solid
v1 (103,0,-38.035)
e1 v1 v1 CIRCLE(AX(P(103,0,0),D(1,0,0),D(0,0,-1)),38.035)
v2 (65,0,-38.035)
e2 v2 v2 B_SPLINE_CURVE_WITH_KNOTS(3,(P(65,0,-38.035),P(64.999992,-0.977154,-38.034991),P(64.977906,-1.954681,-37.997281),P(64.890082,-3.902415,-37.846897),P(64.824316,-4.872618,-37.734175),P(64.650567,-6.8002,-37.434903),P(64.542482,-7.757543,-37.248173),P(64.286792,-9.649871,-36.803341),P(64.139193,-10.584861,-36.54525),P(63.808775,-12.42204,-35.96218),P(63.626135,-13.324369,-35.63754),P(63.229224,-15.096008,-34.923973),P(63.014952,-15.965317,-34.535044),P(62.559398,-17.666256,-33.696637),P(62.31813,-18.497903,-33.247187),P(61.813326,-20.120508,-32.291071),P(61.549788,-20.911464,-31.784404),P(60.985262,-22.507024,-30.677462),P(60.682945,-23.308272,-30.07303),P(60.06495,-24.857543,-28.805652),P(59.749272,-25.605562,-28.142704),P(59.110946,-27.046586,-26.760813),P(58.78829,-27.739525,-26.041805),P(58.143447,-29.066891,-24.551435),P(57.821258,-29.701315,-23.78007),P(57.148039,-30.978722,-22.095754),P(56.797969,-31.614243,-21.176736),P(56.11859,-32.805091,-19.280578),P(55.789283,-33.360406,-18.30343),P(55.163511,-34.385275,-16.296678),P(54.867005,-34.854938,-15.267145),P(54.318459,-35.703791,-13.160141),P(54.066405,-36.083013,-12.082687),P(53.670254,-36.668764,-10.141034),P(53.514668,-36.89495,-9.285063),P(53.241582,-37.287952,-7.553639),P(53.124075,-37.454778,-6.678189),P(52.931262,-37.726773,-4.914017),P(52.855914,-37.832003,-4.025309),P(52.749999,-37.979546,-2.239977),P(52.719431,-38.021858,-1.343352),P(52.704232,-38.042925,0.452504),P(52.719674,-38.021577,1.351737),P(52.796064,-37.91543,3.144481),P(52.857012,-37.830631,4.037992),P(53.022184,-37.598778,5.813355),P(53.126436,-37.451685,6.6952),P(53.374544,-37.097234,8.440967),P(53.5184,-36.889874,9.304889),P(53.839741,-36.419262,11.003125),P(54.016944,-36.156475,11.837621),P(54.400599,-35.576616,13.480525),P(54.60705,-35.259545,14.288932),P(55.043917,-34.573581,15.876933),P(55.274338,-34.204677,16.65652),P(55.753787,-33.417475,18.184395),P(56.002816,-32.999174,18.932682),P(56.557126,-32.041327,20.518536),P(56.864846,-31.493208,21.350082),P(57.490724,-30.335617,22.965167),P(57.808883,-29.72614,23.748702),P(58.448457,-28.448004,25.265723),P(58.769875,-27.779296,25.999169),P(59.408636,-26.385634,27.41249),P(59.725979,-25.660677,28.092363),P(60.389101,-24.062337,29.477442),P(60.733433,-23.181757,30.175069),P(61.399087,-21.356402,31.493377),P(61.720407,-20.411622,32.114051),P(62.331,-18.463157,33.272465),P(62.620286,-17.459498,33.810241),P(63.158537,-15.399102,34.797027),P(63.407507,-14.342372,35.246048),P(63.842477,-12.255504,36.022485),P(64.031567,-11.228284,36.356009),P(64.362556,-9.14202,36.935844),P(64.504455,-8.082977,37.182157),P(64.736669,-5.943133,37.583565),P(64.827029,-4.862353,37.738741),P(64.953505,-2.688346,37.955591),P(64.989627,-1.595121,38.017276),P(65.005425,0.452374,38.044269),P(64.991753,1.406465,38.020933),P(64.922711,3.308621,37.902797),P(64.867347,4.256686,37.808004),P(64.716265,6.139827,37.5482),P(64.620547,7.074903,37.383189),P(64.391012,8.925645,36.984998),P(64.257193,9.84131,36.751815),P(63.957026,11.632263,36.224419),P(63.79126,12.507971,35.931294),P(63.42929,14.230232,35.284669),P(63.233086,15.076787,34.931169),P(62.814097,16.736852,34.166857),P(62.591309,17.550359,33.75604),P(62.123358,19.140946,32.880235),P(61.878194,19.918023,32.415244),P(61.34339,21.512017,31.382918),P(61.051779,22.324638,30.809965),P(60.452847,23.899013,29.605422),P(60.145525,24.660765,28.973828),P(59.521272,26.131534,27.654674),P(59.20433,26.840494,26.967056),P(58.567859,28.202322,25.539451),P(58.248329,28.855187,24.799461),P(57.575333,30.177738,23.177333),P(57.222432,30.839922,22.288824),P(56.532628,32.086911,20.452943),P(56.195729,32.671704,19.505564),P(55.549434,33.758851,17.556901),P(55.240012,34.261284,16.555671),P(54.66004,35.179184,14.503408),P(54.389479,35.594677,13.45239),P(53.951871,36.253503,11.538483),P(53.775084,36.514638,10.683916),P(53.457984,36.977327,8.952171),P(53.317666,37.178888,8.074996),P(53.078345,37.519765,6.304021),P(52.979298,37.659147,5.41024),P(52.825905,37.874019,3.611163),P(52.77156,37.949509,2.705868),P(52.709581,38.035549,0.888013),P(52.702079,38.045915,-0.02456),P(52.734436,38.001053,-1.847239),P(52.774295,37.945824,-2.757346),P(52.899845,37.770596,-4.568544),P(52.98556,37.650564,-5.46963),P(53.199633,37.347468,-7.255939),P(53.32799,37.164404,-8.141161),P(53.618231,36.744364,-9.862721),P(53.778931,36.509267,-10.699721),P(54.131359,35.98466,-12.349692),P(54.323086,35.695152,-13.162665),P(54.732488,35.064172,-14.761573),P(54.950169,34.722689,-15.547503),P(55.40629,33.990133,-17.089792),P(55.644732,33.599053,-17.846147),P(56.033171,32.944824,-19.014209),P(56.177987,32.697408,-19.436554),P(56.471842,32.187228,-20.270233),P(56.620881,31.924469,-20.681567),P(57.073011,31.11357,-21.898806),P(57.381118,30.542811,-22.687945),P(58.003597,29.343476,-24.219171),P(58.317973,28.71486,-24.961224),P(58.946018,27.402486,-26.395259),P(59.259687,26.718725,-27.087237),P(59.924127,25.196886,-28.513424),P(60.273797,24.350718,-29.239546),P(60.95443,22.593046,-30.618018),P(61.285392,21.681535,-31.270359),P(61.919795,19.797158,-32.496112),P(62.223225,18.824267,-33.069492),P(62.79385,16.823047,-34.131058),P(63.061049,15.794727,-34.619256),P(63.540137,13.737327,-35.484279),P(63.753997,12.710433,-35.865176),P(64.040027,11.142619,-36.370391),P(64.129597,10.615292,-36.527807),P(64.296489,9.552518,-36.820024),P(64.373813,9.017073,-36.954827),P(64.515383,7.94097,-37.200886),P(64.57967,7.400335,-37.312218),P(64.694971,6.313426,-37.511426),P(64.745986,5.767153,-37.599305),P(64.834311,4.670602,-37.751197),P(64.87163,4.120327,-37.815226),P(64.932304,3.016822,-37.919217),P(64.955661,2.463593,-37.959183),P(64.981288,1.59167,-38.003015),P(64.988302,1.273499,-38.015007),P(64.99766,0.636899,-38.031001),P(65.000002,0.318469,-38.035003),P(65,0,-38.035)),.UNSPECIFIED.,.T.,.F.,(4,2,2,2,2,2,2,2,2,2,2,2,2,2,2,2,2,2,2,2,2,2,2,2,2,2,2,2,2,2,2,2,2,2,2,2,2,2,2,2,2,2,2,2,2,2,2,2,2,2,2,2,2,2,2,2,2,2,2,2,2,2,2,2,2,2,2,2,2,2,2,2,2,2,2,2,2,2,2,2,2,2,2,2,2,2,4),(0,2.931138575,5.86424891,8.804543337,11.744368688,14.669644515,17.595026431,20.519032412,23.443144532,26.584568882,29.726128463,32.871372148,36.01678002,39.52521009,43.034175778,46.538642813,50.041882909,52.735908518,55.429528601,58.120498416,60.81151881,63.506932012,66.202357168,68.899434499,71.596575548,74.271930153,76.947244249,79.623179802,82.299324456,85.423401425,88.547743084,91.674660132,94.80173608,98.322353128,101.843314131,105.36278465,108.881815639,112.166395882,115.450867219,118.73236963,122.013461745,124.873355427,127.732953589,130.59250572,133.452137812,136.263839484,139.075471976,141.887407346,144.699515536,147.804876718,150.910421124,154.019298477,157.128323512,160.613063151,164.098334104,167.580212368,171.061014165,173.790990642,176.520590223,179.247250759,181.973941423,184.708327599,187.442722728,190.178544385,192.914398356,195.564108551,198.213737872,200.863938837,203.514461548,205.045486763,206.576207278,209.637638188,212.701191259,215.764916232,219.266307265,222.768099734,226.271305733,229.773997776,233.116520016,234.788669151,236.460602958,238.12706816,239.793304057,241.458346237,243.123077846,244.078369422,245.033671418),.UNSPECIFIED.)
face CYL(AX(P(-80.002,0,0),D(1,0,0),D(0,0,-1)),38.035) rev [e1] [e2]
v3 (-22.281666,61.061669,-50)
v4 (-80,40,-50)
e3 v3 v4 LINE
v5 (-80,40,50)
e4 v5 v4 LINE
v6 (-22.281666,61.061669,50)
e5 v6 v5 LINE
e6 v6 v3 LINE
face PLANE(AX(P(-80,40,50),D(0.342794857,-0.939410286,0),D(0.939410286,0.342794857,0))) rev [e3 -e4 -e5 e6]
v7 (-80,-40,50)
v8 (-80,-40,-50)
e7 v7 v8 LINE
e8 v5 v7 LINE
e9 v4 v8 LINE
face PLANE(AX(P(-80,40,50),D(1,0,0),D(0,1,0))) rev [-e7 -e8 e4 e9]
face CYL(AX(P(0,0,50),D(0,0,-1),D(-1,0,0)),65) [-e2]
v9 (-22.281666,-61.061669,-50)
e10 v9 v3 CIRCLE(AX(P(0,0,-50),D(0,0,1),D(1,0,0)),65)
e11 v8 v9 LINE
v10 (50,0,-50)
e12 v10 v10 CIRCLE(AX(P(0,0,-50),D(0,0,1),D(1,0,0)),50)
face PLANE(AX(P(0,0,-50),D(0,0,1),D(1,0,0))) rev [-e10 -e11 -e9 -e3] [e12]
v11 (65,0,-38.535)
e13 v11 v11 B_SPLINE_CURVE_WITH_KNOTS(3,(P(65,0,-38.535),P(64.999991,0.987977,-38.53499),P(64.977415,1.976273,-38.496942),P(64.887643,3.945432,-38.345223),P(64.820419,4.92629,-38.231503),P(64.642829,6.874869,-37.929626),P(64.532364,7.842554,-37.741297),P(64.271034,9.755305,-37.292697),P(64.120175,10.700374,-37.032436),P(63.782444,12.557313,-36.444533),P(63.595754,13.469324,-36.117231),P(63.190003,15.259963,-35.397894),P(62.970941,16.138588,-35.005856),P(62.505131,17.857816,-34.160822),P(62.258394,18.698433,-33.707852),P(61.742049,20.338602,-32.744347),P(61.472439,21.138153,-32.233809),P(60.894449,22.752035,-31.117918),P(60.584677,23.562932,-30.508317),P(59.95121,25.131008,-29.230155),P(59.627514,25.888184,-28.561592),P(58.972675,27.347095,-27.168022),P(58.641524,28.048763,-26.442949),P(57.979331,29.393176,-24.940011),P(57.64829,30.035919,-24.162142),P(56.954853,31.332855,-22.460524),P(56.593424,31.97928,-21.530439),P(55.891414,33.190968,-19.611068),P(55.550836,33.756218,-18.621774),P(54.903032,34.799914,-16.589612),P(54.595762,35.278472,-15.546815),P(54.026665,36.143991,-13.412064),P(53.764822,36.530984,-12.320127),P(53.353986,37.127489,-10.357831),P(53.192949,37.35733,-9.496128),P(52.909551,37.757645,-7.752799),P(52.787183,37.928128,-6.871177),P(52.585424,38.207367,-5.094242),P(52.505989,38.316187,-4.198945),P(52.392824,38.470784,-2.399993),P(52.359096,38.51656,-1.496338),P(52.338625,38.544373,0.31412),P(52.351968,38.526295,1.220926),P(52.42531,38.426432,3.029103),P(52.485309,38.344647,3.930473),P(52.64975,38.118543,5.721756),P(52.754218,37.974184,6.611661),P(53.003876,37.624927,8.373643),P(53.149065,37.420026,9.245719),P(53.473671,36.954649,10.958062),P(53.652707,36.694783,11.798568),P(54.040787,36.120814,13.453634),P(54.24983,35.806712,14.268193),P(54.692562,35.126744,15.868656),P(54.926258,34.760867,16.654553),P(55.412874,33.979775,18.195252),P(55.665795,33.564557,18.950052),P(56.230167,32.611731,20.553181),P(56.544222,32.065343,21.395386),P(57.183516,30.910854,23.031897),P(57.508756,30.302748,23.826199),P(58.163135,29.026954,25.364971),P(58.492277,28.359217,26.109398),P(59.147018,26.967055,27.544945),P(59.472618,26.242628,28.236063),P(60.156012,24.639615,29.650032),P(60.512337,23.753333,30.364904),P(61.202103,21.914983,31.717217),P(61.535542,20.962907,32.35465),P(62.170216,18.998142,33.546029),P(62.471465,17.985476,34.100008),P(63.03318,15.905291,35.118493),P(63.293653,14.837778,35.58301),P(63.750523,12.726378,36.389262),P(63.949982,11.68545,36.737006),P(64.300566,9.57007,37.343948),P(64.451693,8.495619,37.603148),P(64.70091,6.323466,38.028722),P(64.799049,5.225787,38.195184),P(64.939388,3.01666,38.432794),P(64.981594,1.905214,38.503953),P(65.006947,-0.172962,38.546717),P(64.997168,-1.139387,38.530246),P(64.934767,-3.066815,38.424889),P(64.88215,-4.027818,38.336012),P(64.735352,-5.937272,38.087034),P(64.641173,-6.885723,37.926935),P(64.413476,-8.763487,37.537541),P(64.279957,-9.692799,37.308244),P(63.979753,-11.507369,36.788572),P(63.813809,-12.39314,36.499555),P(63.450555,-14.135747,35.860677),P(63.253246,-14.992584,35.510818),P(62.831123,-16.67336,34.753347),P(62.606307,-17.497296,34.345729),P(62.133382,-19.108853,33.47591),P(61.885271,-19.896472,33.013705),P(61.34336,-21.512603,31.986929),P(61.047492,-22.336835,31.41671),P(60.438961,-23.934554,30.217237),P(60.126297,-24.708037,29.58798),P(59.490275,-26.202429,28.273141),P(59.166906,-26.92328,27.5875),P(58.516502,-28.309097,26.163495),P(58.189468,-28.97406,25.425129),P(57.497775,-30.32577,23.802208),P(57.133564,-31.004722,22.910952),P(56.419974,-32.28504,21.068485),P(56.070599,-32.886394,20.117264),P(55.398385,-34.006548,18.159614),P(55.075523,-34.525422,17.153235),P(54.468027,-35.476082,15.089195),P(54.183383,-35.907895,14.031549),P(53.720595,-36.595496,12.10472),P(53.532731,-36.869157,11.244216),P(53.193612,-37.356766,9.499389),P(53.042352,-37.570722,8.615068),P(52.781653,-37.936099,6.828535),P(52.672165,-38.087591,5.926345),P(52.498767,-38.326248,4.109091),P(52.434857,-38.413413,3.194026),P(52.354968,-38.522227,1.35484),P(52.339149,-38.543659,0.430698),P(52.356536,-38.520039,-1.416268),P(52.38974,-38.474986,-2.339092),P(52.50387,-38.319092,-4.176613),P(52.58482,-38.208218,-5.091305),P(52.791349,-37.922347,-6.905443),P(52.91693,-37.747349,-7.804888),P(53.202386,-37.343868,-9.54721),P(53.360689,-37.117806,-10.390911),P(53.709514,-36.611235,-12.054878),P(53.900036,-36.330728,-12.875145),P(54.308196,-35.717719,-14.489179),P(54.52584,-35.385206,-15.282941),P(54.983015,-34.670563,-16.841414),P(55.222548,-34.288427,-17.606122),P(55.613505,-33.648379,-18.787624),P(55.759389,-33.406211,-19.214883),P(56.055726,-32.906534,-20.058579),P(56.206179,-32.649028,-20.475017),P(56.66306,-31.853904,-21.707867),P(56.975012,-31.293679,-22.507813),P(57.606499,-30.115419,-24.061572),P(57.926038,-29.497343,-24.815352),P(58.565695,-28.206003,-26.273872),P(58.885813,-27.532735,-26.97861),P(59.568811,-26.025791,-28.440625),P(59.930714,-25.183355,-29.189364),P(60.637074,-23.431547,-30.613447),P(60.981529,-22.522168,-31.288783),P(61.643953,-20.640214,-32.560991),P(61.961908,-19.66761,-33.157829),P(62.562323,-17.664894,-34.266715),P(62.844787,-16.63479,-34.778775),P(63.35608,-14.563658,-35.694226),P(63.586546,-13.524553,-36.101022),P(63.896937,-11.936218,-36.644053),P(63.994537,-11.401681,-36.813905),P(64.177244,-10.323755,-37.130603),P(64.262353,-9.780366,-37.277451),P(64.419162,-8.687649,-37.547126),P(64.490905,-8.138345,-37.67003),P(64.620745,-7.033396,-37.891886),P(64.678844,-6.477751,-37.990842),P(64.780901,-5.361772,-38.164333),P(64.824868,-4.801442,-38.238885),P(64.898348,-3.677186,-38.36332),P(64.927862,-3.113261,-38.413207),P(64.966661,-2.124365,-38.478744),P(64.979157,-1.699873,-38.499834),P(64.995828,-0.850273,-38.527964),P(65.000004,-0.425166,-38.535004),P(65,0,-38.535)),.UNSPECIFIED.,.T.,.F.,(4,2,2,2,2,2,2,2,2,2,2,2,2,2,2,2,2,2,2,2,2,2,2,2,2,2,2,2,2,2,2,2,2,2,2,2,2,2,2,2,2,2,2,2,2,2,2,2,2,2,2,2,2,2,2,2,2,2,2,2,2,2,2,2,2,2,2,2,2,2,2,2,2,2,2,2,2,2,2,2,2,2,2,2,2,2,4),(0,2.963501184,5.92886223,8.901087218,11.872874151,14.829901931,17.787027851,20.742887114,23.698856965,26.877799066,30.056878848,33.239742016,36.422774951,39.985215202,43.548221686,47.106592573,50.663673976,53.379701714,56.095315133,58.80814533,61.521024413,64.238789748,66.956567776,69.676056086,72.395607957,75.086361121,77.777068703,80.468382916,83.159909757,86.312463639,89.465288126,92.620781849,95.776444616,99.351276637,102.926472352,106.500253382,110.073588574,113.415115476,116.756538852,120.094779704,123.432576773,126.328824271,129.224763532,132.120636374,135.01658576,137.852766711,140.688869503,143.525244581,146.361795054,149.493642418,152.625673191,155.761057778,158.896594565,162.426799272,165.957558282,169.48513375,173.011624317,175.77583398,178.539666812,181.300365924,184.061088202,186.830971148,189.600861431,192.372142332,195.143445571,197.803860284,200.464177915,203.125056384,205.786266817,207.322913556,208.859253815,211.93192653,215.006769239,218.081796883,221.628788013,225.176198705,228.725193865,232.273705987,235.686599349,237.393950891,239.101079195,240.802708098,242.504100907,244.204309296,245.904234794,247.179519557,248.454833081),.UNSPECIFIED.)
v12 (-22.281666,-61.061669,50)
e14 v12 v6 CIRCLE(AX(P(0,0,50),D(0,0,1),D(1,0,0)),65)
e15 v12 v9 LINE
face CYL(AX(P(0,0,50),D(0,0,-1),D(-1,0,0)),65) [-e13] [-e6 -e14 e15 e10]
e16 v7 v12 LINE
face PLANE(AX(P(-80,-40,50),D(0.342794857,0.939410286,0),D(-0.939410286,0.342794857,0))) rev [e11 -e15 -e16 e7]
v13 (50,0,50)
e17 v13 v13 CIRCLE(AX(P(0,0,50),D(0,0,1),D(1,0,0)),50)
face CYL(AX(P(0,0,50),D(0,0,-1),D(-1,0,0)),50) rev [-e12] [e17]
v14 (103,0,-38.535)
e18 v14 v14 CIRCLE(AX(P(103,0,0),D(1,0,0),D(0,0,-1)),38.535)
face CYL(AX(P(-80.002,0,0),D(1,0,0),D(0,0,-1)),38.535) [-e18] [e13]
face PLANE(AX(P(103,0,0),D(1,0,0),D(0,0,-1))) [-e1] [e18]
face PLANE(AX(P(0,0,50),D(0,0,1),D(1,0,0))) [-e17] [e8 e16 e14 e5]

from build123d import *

# Parameters (mm, degrees)
SKETCH1_R                = 50
BOSS_EXTRUDE1_DEPTH      = 50
BOSS_EXTRUDE2_REACH      = 202.534
BOSS_EXTRUDE2_END_RADIUS = 65
SKETCH2_R                = 38.535
SKETCH2_R_2              = 38.035


with BuildPart() as part:
    # Sketch1 → Boss-Extrude1 (new, symmetric)
    with BuildSketch(Plane.XY):
        with BuildLine():
            Line((-80, 40), (-80, -40))
            Line((-80, -40), (-22.281665693, -61.061668614))
            ThreePointArc((-22.281665693, -61.061668614), (65, 0), (-22.281665693, 61.061668614))
            Line((-22.281665693, 61.061668614), (-80, 40))
        make_face()
        Circle(SKETCH1_R, mode=Mode.SUBTRACT)
    extrude(amount=BOSS_EXTRUDE1_DEPTH, both=True)

    # Boss-Extrude2: up to this cylinder (the profile starts outside it)
    boss_extrude2_end = Plane(origin=(0, 0, 38.426007), z_dir=(0, 0, -1)) * Cylinder(BOSS_EXTRUDE2_END_RADIUS, 536.068, mode=Mode.PRIVATE)
    # Sketch2 → Boss-Extrude2 (add, up to the surface)
    with BuildSketch(Plane(origin=(103, 0, 0), x_dir=(0, 0, -1), z_dir=(1, 0, 0)), mode=Mode.PRIVATE) as boss_extrude2_sk1:
        Circle(SKETCH2_R)
        Circle(SKETCH2_R_2, mode=Mode.SUBTRACT)
    boss_extrude2_tool1 = extrude(boss_extrude2_sk1.sketch, amount=-BOSS_EXTRUDE2_REACH, mode=Mode.PRIVATE) - boss_extrude2_end
    add(boss_extrude2_tool1.solids().sort_by_distance((103, 0, 38.426007))[0])


solid = part.part
